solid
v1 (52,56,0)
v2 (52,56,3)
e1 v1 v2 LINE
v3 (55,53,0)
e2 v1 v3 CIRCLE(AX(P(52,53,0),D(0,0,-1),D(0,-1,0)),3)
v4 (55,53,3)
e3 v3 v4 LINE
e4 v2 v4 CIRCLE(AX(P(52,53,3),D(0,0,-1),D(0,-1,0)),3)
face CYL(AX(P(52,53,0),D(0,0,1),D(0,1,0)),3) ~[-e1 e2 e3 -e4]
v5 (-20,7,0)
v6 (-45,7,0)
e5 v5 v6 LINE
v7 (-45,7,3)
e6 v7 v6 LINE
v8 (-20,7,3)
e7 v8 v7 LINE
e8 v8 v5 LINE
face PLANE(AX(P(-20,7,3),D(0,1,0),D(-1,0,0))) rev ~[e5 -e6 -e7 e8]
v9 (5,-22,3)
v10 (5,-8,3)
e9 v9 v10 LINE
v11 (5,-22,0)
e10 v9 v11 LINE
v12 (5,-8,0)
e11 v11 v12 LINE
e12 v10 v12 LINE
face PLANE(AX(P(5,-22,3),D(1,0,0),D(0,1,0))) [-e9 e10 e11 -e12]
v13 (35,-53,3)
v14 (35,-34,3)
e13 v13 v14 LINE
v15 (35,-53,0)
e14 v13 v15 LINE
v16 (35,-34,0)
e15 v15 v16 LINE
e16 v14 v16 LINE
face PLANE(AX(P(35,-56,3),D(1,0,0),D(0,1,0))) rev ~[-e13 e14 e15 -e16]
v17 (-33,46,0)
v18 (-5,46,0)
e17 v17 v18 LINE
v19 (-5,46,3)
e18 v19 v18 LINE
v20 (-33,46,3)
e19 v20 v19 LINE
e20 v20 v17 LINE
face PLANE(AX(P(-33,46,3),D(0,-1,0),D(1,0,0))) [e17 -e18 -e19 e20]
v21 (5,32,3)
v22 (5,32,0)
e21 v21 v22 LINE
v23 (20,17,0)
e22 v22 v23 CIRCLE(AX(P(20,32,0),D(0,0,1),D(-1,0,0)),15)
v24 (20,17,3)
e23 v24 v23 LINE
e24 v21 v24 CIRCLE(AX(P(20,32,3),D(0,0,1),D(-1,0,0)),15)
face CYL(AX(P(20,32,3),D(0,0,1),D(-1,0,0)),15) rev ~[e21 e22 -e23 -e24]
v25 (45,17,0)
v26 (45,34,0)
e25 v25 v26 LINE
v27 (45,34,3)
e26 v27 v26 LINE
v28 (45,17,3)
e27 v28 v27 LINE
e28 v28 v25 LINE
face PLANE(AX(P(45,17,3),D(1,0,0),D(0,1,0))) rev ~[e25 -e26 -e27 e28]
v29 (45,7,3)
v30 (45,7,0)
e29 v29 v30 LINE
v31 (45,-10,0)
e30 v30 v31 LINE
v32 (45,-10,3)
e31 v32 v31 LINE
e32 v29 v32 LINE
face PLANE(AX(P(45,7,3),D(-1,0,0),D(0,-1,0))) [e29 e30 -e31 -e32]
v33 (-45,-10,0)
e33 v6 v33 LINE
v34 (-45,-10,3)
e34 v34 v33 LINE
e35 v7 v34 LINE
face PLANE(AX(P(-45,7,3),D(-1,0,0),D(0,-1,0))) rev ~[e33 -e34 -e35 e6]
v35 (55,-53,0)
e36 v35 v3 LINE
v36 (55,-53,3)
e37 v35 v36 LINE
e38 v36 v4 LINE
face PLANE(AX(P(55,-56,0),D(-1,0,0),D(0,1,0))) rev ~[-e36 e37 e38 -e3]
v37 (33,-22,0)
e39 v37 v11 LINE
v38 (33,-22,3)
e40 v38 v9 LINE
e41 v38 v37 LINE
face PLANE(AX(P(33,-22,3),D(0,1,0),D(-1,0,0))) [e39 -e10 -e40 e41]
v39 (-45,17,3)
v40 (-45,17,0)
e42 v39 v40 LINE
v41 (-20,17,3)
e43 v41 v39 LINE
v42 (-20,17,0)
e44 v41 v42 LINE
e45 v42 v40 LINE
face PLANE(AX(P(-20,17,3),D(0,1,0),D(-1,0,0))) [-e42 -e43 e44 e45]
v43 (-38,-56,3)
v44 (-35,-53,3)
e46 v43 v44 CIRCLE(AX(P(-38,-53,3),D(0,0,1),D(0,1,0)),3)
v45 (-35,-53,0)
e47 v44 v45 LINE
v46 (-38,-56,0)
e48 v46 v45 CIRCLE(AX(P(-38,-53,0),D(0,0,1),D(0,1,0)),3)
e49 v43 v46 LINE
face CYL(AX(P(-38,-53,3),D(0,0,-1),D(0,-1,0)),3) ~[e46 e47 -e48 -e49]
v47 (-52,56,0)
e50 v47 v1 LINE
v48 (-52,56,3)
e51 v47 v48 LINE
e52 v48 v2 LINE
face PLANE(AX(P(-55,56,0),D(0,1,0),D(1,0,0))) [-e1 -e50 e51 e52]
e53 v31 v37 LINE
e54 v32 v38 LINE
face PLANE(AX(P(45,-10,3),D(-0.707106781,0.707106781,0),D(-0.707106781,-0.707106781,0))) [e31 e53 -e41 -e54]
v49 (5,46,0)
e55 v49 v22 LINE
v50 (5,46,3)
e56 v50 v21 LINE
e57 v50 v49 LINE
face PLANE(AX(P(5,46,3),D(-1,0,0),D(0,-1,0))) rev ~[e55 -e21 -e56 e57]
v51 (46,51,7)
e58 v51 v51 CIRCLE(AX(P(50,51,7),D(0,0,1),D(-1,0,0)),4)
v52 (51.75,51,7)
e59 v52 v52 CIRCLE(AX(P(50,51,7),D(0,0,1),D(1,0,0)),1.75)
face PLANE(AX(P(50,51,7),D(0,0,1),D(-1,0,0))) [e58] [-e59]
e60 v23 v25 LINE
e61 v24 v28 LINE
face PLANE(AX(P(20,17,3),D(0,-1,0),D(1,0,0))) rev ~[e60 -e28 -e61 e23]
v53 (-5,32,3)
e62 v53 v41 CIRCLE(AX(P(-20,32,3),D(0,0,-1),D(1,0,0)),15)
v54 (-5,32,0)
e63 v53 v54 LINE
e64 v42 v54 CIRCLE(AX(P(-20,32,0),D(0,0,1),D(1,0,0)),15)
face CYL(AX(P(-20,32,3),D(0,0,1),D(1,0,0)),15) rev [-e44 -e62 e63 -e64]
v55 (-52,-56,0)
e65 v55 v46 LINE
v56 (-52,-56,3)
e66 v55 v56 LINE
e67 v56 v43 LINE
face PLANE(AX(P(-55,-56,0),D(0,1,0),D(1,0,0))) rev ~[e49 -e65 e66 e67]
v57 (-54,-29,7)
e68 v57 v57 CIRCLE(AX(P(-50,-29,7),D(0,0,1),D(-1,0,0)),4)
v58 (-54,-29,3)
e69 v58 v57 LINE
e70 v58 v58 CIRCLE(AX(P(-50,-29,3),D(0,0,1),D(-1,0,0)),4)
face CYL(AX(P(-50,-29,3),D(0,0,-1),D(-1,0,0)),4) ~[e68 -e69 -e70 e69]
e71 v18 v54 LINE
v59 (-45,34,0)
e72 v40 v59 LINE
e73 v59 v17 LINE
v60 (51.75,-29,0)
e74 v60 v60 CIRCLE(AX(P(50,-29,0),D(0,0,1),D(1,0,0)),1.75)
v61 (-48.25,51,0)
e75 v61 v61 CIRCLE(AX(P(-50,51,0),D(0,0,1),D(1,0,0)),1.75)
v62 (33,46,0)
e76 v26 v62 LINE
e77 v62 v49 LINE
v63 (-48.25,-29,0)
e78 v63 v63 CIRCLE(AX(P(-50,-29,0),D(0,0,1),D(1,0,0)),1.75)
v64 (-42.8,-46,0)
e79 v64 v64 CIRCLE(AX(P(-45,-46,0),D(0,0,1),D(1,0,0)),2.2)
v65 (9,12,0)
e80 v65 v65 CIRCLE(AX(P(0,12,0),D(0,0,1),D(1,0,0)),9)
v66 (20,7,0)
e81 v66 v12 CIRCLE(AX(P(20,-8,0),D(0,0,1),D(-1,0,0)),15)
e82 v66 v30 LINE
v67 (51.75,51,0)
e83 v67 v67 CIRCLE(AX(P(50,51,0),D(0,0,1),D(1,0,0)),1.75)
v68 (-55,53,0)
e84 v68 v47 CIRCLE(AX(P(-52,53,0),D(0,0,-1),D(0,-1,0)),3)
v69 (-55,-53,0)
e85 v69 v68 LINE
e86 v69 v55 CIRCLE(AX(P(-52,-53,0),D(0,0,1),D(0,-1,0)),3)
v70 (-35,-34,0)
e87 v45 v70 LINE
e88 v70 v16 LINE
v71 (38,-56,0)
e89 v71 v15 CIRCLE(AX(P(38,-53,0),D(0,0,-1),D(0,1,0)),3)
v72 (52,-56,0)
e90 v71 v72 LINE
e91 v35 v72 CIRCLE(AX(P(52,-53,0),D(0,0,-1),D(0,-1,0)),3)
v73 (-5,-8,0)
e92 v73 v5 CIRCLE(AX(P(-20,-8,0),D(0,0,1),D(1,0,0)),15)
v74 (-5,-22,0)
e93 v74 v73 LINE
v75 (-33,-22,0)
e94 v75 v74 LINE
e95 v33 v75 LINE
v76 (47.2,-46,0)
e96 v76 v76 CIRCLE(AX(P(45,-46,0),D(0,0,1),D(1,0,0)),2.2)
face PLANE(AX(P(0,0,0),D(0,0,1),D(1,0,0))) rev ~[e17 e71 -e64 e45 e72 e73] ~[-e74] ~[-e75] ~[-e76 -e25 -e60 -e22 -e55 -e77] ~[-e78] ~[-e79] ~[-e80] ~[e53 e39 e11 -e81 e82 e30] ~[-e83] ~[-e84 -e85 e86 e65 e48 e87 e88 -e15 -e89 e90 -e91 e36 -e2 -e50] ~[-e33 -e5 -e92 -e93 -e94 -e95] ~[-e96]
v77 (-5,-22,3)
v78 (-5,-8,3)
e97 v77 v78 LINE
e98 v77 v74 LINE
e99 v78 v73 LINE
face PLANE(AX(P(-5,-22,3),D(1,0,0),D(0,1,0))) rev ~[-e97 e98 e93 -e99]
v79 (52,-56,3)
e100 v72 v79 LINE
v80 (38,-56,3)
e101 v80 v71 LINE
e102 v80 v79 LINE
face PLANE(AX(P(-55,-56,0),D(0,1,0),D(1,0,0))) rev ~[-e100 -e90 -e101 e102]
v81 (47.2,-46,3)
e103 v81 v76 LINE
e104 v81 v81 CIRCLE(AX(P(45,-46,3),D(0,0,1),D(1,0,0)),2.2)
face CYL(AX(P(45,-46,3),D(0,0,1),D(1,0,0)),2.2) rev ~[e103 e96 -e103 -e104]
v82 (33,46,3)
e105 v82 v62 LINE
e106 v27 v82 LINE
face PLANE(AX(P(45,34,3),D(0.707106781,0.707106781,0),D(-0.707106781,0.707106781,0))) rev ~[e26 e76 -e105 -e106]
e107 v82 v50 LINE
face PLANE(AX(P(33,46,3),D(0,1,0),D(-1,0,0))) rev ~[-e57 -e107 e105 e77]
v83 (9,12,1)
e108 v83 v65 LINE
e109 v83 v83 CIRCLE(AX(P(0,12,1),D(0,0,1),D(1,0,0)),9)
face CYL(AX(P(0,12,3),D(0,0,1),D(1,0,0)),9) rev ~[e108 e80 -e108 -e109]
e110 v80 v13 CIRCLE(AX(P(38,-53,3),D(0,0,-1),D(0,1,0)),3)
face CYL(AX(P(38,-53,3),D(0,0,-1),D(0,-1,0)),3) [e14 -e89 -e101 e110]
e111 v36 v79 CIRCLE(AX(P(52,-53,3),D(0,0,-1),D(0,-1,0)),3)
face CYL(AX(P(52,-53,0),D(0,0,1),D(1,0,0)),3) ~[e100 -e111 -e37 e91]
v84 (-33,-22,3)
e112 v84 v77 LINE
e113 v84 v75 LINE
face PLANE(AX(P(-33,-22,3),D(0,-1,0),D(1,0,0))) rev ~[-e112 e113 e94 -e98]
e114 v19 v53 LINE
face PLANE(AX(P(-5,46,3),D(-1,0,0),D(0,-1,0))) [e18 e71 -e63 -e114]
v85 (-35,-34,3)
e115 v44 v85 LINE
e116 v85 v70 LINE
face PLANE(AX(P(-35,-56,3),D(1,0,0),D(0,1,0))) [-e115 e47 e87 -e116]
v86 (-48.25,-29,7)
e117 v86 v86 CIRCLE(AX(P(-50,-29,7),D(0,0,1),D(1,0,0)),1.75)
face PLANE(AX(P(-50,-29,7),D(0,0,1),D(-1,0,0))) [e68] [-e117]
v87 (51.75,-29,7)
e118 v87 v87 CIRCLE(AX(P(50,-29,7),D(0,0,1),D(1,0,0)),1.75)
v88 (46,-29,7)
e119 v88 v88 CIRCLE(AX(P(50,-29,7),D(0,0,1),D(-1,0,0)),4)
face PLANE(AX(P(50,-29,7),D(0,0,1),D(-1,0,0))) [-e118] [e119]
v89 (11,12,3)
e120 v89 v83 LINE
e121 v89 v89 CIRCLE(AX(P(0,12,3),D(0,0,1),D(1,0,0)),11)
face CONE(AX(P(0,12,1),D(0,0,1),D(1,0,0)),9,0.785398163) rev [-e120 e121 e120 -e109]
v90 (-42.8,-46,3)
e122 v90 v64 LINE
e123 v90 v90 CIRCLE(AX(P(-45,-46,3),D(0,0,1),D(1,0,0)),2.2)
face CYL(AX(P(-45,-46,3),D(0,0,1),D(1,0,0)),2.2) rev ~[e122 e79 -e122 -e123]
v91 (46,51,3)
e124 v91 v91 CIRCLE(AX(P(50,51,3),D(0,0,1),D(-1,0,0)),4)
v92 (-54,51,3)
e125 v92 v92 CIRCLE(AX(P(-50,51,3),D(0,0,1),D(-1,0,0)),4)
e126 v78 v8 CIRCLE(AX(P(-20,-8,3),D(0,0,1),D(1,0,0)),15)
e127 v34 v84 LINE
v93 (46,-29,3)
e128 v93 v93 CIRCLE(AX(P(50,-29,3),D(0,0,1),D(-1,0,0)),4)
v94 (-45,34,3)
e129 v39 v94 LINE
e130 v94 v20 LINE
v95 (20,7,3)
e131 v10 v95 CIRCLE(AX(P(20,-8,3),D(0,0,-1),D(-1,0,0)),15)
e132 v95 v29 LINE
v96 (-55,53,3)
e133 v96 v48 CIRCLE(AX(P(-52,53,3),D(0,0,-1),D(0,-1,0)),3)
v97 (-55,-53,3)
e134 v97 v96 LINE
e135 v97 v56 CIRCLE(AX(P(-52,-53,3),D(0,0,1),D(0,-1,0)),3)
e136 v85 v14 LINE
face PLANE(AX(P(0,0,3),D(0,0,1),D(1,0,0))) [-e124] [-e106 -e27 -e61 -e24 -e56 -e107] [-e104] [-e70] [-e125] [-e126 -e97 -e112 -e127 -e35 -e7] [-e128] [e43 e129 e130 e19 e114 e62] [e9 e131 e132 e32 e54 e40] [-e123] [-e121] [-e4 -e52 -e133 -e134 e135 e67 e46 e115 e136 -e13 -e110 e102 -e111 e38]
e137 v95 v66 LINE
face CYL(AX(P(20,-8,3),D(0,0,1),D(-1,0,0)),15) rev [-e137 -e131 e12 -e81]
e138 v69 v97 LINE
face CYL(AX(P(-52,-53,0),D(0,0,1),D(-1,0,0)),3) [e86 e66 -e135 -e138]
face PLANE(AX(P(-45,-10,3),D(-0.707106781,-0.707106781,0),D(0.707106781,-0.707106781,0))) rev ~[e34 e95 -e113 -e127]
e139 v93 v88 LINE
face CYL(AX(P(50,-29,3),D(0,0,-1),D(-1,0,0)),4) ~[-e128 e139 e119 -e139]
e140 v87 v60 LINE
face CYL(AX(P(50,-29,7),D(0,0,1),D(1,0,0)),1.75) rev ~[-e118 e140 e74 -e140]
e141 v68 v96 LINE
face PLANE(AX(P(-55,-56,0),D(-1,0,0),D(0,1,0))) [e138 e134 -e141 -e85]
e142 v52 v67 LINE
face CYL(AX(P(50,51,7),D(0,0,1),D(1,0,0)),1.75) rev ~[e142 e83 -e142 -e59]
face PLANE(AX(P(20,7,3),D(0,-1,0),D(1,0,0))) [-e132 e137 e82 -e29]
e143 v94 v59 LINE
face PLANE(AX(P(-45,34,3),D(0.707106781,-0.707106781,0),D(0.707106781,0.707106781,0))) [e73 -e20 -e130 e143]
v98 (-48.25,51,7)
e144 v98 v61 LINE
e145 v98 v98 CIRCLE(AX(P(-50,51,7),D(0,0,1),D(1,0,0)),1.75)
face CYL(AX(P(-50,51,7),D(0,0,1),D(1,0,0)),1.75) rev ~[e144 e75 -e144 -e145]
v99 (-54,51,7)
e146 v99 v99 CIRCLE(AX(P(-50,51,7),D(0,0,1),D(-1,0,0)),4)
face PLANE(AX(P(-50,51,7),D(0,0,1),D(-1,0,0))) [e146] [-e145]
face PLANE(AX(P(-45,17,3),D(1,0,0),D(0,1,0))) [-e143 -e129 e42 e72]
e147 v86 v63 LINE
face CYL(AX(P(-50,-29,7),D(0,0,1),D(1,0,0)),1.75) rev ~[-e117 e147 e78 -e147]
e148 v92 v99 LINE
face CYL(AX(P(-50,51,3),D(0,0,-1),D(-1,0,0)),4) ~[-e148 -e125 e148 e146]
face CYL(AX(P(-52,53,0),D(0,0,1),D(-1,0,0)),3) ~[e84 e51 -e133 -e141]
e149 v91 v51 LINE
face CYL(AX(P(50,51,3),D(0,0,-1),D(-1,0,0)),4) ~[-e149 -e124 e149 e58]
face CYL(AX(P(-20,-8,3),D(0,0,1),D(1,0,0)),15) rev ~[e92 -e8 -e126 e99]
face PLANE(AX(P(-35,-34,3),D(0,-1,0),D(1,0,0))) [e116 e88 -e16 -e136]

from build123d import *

# Parameters (mm, degrees)
SKETCH1_W           = 110
SKETCH1_H           = 112
BOSS_EXTRUDE1_DEPTH = 3
SKETCH2_R           = 9
SKETCH2_W           = 70
SKETCH2_H           = 22
CUT_EXTRUDE1_DEPTH  = 79.549347547
CUT_EXTRUDE2_DEPTH  = 79.549347547
CHAMFER1_SIZE       = 2
SKETCH4_R           = 4
BOSS_EXTRUDE2_DEPTH = 4
SKETCH5_R           = 1.75
CUT_EXTRUDE3_DEPTH  = 79.803553219
FILLET1_R           = 3
SKETCH6_R           = 2.2
CUT_EXTRUDE4_DEPTH  = 79.593892893


with BuildPart() as part:
    # Sketch1 → Boss-Extrude1 (new body)
    with BuildSketch(Plane.XY):
        Rectangle(SKETCH1_W, SKETCH1_H)
    extrude(amount=BOSS_EXTRUDE1_DEPTH)

    # Sketch2 → Cut-Extrude1 (cut, through all)
    with BuildSketch(Plane.XY.offset(3)):
        with Locations((0, 12)):
            Circle(SKETCH2_R)
        with Locations((0, -45)):
            Rectangle(SKETCH2_W, SKETCH2_H)
    extrude(amount=-CUT_EXTRUDE1_DEPTH, mode=Mode.SUBTRACT)

    # Sketch3 → Cut-Extrude2 (cut, through all)
    with BuildSketch(Plane.XY.offset(3)):
        with BuildLine():
            Line((-33, 46), (-5, 46))
            Line((-5, 46), (-5, 32))
            ThreePointArc((-5, 32), (-9.393398282, 21.393398282), (-20, 17))
            Line((-20, 17), (-45, 17))
            Line((-45, 17), (-45, 34))
            Line((-45, 34), (-33, 46))
        make_face()
        with BuildLine():
            Line((45, 34), (33, 46))
            Line((33, 46), (5, 46))
            Line((5, 46), (5, 32))
            ThreePointArc((5, 32), (9.393398282, 21.393398282), (20, 17))
            Line((20, 17), (45, 17))
            Line((45, 17), (45, 34))
        make_face()
        with BuildLine():
            Line((33, -22), (5, -22))
            Line((5, -22), (5, -8))
            ThreePointArc((5, -8), (9.393398282, 2.606601718), (20, 7))
            Line((20, 7), (45, 7))
            Line((45, 7), (45, -10))
            Line((45, -10), (33, -22))
        make_face()
        with BuildLine():
            Line((-45, -10), (-33, -22))
            Line((-33, -22), (-5, -22))
            Line((-5, -22), (-5, -8))
            ThreePointArc((-5, -8), (-9.393398282, 2.606601718), (-20, 7))
            Line((-20, 7), (-45, 7))
            Line((-45, 7), (-45, -10))
        make_face()
    extrude(amount=-CUT_EXTRUDE2_DEPTH, mode=Mode.SUBTRACT)

    # Chamfer1
    chamfer1_edges = [part.edges().sort_by_distance(p)[0] for p in [
        (-9, 12, 3),
    ]]
    chamfer(chamfer1_edges, length=CHAMFER1_SIZE)

    # Sketch4 → Boss-Extrude2 (add)
    with BuildSketch(Plane.XY.offset(3)):
        with Locations(Location((-50, -29, 0), (0, 0, 180))):
            Circle(SKETCH4_R)
        with Locations(Location((50, -29, 0), (0, 0, 180))):
            Circle(SKETCH4_R)
        with Locations(Location((50, 51, 0), (0, 0, 180))):
            Circle(SKETCH4_R)
        with Locations(Location((-50, 51, 0), (0, 0, 180))):
            Circle(SKETCH4_R)
    extrude(amount=BOSS_EXTRUDE2_DEPTH)

    # Sketch5 → Cut-Extrude3 (cut, through all)
    with BuildSketch(Plane.XY.offset(7)):
        with Locations((-50, 51)):
            Circle(SKETCH5_R)
        with Locations((50, 51)):
            Circle(SKETCH5_R)
        with Locations((50, -29)):
            Circle(SKETCH5_R)
        with Locations((-50, -29)):
            Circle(SKETCH5_R)
    extrude(amount=-CUT_EXTRUDE3_DEPTH, mode=Mode.SUBTRACT)

    # Fillet1
    fillet1_edges = [part.edges().sort_by_distance(p)[0] for p in [
        (-35, -56, 1.5),
        (35, -56, 1.5),
        (-55, 56, 1.5),
        (55, 56, 1.5),
        (55, -56, 1.5),
        (-55, -56, 1.5),
    ]]
    fillet(fillet1_edges, radius=FILLET1_R)

    # Sketch6 → Cut-Extrude4 (cut, through all)
    with BuildSketch(Plane.XY.offset(3)):
        with Locations((-45, -46)):
            Circle(SKETCH6_R)
        with Locations((45, -46)):
            Circle(SKETCH6_R)
    extrude(amount=-CUT_EXTRUDE4_DEPTH, mode=Mode.SUBTRACT)


solid = part.part
